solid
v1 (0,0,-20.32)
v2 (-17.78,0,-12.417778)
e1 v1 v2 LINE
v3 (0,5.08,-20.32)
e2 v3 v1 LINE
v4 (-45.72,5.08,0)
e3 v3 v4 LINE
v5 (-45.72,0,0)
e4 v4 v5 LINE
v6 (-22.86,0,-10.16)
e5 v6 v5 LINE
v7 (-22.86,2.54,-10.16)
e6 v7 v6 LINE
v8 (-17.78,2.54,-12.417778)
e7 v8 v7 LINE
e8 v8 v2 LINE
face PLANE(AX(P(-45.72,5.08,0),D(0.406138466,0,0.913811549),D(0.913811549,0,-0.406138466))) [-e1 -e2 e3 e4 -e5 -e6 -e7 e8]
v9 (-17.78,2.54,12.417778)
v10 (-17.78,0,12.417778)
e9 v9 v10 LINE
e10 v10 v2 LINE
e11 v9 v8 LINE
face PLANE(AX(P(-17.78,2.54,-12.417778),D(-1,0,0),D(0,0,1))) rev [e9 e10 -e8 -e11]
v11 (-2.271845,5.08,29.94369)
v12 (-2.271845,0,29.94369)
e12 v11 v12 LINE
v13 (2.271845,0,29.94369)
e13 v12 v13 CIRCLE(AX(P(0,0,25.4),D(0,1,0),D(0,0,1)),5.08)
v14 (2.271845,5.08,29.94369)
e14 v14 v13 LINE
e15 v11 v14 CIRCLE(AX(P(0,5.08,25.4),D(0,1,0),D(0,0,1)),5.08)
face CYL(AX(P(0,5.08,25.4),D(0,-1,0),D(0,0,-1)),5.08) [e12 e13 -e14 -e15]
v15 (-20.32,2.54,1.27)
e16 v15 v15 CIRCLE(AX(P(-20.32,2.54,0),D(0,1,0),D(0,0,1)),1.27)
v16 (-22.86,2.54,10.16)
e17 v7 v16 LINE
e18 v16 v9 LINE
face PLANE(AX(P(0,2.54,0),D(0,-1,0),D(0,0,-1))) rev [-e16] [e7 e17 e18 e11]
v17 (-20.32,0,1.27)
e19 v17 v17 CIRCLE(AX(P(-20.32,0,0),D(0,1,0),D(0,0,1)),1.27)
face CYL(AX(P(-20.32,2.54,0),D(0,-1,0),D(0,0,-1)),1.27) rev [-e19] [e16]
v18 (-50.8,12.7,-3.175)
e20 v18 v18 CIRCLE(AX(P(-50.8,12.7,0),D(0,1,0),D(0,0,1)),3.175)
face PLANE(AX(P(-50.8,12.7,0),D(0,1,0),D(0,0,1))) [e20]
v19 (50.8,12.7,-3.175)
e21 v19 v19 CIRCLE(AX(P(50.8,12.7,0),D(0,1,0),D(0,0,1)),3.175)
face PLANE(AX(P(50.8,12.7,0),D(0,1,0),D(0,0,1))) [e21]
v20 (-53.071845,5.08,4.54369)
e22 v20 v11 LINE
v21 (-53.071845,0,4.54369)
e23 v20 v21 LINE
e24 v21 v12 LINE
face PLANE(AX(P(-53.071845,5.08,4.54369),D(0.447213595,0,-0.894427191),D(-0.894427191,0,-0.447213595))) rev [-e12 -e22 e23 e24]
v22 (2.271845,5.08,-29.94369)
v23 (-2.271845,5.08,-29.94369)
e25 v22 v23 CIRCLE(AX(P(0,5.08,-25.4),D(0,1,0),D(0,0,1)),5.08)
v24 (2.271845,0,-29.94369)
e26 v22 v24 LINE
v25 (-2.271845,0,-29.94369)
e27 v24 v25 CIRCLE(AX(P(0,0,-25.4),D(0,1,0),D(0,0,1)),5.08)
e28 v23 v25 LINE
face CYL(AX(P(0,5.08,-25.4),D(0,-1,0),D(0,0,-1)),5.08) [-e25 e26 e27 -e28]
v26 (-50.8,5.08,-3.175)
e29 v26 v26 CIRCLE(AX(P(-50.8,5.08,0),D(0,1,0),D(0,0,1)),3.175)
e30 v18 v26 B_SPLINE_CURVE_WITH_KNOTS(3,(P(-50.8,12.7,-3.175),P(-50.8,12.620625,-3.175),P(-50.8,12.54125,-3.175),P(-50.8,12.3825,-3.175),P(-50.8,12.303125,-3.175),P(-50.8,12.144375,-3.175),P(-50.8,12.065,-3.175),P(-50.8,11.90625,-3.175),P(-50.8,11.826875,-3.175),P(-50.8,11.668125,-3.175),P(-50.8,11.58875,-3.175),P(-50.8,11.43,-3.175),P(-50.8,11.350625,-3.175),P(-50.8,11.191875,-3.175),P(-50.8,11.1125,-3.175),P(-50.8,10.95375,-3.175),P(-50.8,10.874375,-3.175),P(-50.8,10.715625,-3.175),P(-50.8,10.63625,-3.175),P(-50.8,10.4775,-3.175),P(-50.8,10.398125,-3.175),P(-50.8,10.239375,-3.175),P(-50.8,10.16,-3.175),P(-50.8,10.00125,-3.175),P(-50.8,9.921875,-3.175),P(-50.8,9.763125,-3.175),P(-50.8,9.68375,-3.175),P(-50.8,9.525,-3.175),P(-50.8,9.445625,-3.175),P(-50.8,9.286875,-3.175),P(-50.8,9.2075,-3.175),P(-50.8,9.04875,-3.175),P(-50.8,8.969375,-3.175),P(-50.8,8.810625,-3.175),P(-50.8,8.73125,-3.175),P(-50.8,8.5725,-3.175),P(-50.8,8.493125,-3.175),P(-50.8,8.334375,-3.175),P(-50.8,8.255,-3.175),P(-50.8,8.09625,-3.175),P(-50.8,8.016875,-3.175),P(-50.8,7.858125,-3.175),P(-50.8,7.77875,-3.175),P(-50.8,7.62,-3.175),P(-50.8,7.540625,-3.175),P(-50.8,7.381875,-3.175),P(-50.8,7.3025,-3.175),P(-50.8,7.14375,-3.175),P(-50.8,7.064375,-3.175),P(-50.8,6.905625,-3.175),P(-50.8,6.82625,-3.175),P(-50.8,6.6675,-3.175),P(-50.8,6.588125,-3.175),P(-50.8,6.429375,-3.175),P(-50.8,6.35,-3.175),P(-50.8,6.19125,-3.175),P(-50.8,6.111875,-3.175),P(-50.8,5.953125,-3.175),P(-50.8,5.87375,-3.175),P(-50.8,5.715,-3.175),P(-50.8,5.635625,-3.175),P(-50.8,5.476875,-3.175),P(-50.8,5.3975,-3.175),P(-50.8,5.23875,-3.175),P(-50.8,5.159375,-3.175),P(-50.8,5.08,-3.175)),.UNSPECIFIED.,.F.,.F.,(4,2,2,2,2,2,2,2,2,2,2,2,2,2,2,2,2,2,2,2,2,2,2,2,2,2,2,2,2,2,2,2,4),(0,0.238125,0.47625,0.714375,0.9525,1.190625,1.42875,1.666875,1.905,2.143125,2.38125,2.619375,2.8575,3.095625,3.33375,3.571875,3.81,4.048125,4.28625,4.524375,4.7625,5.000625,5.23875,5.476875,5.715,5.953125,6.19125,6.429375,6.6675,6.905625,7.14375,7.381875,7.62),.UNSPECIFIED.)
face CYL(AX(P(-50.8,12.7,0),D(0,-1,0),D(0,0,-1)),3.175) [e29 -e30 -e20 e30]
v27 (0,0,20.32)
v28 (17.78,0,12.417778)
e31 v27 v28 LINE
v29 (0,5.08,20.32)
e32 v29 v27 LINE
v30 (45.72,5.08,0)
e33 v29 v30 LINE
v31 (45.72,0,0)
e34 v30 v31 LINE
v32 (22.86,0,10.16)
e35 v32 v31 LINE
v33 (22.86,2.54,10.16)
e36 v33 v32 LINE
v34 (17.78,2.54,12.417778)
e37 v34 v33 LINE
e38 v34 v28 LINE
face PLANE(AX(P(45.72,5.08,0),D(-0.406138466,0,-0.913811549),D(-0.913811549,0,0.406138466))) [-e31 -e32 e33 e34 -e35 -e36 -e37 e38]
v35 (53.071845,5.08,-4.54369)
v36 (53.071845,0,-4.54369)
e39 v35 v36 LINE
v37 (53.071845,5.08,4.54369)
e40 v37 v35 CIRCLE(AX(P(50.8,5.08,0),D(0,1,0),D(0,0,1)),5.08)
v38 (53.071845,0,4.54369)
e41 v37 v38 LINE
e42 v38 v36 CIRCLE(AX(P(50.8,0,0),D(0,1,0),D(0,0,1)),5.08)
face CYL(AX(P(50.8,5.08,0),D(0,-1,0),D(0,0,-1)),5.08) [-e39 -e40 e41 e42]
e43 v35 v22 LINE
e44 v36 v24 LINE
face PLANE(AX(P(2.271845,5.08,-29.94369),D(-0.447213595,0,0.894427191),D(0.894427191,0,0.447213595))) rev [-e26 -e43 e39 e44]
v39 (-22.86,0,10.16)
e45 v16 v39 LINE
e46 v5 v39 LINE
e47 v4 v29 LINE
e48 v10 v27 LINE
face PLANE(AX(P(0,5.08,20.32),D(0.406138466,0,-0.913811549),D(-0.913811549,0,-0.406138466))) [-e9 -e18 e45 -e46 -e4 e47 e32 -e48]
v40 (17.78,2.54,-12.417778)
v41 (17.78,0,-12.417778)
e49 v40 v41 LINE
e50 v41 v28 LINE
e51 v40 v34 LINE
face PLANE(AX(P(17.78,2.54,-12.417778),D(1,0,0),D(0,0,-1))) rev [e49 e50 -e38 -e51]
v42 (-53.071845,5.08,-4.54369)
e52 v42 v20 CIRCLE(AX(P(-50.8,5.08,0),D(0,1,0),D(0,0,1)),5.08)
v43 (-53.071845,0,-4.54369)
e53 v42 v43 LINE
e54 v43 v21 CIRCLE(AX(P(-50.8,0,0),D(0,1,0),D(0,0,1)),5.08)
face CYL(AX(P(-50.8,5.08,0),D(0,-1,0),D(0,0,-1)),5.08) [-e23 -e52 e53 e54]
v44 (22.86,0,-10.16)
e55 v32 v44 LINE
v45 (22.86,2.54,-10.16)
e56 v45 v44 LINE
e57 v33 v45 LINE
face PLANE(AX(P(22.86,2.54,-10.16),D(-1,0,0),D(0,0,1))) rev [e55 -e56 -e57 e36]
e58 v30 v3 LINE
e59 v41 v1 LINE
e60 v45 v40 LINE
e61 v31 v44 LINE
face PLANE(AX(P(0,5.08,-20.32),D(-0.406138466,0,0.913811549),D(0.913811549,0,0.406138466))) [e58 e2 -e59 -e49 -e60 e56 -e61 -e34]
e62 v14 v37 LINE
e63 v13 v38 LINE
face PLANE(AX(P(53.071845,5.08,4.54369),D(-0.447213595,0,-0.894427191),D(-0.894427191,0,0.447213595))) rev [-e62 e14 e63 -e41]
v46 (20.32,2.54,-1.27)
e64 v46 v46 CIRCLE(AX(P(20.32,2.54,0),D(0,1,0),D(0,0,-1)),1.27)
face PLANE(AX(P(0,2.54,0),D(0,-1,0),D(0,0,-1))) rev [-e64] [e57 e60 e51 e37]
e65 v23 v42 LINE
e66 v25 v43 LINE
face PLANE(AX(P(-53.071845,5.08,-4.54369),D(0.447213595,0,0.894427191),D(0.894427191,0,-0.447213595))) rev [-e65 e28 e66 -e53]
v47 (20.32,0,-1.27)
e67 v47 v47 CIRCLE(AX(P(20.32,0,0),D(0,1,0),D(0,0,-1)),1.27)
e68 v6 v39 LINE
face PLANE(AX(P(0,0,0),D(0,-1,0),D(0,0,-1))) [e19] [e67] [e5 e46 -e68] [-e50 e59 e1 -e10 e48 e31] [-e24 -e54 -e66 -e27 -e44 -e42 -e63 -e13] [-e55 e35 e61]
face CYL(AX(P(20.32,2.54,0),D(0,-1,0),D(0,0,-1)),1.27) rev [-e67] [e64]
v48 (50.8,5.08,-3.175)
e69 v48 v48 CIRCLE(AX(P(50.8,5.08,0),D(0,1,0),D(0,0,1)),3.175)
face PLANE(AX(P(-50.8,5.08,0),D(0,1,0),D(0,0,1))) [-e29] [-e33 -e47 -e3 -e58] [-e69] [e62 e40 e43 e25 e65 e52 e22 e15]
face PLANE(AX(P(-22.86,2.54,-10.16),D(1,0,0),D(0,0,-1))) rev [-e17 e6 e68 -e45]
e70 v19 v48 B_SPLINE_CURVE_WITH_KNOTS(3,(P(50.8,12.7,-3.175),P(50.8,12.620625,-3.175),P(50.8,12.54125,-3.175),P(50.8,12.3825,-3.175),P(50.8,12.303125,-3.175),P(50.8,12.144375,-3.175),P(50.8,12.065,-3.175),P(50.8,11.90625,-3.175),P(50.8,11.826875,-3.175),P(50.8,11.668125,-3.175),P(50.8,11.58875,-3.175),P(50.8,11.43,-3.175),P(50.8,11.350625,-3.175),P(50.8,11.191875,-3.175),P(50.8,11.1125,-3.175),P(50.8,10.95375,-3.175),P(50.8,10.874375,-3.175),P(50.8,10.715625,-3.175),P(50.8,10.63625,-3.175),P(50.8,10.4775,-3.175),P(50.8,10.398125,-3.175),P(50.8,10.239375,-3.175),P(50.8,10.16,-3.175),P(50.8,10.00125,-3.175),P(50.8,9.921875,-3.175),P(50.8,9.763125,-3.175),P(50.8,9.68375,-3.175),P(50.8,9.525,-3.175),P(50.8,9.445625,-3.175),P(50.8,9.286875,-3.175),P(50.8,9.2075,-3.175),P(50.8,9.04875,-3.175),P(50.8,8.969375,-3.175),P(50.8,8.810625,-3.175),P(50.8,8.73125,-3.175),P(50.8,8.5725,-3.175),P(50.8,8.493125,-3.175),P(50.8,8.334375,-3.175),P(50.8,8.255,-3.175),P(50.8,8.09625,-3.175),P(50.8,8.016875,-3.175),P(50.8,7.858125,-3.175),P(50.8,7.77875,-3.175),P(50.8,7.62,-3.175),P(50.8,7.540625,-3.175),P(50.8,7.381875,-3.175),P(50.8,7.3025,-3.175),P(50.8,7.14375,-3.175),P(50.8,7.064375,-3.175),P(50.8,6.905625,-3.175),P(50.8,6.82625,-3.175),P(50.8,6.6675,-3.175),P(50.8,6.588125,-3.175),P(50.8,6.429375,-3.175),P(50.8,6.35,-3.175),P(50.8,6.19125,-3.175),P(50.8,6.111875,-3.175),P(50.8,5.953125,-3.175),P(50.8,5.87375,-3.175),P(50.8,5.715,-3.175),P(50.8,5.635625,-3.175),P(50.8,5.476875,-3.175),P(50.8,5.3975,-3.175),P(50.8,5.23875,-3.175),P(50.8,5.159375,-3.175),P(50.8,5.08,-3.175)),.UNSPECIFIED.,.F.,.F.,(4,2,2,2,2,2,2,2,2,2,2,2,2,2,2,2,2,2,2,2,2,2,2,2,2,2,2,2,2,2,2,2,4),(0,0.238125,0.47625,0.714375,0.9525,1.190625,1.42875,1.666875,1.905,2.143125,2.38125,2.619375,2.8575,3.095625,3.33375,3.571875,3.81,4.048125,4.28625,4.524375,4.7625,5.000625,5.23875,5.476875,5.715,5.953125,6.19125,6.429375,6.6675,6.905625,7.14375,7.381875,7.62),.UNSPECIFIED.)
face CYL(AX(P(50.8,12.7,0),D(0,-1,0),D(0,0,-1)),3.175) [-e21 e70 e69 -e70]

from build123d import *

# Parameters (mm, degrees)
SKETCH5_R             = 1.27
BOSS_EXTRUDE2_DEPTH   = 2.54
BOSS_EXTRUDE2_2_DEPTH = 2.54
BOSS_EXTRUDE1_DEPTH   = 5.08
SKETCH6_R             = 3.175
BOSS_EXTRUDE3_DEPTH   = 7.62


with BuildPart() as part:
    # Sketch5 → Boss-Extrude2 (new body)
    with BuildSketch(Plane(origin=(0, 0, 0), x_dir=(1, 0, 0), z_dir=(0, 1, 0))):
        Polygon((-22.86, 10.16), (-22.86, -10.16), (-17.78, -12.417777778), (-17.78, 12.417777778), align=None)
        with Locations(Location((-20.32, 0, 0), (0, 0, 270))):
            Circle(SKETCH5_R, mode=Mode.SUBTRACT)
    extrude(amount=BOSS_EXTRUDE2_DEPTH)



with BuildPart() as body_2:
    # Sketch5 → Boss-Extrude2 2 (new body)
    with BuildSketch(Plane(origin=(0, 0, 0), x_dir=(1, 0, 0), z_dir=(0, 1, 0))):
        Polygon((22.86, 10.16), (17.78, 12.417777778), (17.78, -12.417777778), (22.86, -10.16), align=None)
        with Locations(Location((20.32, 0, 0), (0, 0, 90))):
            Circle(SKETCH5_R, mode=Mode.SUBTRACT)
    extrude(amount=BOSS_EXTRUDE2_2_DEPTH)


with BuildPart() as part_1:
    add(part.part)

    add(body_2.part)  # Boss-Extrude1 merges body 2
    # Sketch2 → Boss-Extrude1 (add)
    with BuildSketch(Plane(origin=(0, 0, 0), x_dir=(1, 0, 0), z_dir=(0, 1, 0))):
        with BuildLine():
            Line((-53.071845065, -4.54369013), (-2.271845065, -29.94369013))
            ThreePointArc((-2.271845065, -29.94369013), (0, -30.48), (2.271845065, -29.94369013))
            Line((2.271845065, -29.94369013), (53.071845065, -4.54369013))
            ThreePointArc((53.071845065, -4.54369013), (55.88, 0), (53.071845065, 4.54369013))
            Line((53.071845065, 4.54369013), (2.271845065, 29.94369013))
            ThreePointArc((2.271845065, 29.94369013), (0, 30.48), (-2.271845065, 29.94369013))
            Line((-2.271845065, 29.94369013), (-53.071845065, 4.54369013))
            ThreePointArc((-53.071845065, 4.54369013), (-55.88, 0), (-53.071845065, -4.54369013))
        make_face()
        Polygon((-45.72, 0), (0, 20.32), (45.72, 0), (0, -20.32), align=None, mode=Mode.SUBTRACT)
    extrude(amount=BOSS_EXTRUDE1_DEPTH)

    # Sketch6 → Boss-Extrude3 (add)
    with BuildSketch(Plane(origin=(0, 5.08, 0), x_dir=(1, 0, 0), z_dir=(0, 1, 0))):
        with Locations(Location((-50.8, 0, 0), (0, 0, 90))):
            Circle(SKETCH6_R)
        with Locations(Location((50.8, 0, 0), (0, 0, 90))):
            Circle(SKETCH6_R)
    extrude(amount=BOSS_EXTRUDE3_DEPTH)


solid = part_1.part
